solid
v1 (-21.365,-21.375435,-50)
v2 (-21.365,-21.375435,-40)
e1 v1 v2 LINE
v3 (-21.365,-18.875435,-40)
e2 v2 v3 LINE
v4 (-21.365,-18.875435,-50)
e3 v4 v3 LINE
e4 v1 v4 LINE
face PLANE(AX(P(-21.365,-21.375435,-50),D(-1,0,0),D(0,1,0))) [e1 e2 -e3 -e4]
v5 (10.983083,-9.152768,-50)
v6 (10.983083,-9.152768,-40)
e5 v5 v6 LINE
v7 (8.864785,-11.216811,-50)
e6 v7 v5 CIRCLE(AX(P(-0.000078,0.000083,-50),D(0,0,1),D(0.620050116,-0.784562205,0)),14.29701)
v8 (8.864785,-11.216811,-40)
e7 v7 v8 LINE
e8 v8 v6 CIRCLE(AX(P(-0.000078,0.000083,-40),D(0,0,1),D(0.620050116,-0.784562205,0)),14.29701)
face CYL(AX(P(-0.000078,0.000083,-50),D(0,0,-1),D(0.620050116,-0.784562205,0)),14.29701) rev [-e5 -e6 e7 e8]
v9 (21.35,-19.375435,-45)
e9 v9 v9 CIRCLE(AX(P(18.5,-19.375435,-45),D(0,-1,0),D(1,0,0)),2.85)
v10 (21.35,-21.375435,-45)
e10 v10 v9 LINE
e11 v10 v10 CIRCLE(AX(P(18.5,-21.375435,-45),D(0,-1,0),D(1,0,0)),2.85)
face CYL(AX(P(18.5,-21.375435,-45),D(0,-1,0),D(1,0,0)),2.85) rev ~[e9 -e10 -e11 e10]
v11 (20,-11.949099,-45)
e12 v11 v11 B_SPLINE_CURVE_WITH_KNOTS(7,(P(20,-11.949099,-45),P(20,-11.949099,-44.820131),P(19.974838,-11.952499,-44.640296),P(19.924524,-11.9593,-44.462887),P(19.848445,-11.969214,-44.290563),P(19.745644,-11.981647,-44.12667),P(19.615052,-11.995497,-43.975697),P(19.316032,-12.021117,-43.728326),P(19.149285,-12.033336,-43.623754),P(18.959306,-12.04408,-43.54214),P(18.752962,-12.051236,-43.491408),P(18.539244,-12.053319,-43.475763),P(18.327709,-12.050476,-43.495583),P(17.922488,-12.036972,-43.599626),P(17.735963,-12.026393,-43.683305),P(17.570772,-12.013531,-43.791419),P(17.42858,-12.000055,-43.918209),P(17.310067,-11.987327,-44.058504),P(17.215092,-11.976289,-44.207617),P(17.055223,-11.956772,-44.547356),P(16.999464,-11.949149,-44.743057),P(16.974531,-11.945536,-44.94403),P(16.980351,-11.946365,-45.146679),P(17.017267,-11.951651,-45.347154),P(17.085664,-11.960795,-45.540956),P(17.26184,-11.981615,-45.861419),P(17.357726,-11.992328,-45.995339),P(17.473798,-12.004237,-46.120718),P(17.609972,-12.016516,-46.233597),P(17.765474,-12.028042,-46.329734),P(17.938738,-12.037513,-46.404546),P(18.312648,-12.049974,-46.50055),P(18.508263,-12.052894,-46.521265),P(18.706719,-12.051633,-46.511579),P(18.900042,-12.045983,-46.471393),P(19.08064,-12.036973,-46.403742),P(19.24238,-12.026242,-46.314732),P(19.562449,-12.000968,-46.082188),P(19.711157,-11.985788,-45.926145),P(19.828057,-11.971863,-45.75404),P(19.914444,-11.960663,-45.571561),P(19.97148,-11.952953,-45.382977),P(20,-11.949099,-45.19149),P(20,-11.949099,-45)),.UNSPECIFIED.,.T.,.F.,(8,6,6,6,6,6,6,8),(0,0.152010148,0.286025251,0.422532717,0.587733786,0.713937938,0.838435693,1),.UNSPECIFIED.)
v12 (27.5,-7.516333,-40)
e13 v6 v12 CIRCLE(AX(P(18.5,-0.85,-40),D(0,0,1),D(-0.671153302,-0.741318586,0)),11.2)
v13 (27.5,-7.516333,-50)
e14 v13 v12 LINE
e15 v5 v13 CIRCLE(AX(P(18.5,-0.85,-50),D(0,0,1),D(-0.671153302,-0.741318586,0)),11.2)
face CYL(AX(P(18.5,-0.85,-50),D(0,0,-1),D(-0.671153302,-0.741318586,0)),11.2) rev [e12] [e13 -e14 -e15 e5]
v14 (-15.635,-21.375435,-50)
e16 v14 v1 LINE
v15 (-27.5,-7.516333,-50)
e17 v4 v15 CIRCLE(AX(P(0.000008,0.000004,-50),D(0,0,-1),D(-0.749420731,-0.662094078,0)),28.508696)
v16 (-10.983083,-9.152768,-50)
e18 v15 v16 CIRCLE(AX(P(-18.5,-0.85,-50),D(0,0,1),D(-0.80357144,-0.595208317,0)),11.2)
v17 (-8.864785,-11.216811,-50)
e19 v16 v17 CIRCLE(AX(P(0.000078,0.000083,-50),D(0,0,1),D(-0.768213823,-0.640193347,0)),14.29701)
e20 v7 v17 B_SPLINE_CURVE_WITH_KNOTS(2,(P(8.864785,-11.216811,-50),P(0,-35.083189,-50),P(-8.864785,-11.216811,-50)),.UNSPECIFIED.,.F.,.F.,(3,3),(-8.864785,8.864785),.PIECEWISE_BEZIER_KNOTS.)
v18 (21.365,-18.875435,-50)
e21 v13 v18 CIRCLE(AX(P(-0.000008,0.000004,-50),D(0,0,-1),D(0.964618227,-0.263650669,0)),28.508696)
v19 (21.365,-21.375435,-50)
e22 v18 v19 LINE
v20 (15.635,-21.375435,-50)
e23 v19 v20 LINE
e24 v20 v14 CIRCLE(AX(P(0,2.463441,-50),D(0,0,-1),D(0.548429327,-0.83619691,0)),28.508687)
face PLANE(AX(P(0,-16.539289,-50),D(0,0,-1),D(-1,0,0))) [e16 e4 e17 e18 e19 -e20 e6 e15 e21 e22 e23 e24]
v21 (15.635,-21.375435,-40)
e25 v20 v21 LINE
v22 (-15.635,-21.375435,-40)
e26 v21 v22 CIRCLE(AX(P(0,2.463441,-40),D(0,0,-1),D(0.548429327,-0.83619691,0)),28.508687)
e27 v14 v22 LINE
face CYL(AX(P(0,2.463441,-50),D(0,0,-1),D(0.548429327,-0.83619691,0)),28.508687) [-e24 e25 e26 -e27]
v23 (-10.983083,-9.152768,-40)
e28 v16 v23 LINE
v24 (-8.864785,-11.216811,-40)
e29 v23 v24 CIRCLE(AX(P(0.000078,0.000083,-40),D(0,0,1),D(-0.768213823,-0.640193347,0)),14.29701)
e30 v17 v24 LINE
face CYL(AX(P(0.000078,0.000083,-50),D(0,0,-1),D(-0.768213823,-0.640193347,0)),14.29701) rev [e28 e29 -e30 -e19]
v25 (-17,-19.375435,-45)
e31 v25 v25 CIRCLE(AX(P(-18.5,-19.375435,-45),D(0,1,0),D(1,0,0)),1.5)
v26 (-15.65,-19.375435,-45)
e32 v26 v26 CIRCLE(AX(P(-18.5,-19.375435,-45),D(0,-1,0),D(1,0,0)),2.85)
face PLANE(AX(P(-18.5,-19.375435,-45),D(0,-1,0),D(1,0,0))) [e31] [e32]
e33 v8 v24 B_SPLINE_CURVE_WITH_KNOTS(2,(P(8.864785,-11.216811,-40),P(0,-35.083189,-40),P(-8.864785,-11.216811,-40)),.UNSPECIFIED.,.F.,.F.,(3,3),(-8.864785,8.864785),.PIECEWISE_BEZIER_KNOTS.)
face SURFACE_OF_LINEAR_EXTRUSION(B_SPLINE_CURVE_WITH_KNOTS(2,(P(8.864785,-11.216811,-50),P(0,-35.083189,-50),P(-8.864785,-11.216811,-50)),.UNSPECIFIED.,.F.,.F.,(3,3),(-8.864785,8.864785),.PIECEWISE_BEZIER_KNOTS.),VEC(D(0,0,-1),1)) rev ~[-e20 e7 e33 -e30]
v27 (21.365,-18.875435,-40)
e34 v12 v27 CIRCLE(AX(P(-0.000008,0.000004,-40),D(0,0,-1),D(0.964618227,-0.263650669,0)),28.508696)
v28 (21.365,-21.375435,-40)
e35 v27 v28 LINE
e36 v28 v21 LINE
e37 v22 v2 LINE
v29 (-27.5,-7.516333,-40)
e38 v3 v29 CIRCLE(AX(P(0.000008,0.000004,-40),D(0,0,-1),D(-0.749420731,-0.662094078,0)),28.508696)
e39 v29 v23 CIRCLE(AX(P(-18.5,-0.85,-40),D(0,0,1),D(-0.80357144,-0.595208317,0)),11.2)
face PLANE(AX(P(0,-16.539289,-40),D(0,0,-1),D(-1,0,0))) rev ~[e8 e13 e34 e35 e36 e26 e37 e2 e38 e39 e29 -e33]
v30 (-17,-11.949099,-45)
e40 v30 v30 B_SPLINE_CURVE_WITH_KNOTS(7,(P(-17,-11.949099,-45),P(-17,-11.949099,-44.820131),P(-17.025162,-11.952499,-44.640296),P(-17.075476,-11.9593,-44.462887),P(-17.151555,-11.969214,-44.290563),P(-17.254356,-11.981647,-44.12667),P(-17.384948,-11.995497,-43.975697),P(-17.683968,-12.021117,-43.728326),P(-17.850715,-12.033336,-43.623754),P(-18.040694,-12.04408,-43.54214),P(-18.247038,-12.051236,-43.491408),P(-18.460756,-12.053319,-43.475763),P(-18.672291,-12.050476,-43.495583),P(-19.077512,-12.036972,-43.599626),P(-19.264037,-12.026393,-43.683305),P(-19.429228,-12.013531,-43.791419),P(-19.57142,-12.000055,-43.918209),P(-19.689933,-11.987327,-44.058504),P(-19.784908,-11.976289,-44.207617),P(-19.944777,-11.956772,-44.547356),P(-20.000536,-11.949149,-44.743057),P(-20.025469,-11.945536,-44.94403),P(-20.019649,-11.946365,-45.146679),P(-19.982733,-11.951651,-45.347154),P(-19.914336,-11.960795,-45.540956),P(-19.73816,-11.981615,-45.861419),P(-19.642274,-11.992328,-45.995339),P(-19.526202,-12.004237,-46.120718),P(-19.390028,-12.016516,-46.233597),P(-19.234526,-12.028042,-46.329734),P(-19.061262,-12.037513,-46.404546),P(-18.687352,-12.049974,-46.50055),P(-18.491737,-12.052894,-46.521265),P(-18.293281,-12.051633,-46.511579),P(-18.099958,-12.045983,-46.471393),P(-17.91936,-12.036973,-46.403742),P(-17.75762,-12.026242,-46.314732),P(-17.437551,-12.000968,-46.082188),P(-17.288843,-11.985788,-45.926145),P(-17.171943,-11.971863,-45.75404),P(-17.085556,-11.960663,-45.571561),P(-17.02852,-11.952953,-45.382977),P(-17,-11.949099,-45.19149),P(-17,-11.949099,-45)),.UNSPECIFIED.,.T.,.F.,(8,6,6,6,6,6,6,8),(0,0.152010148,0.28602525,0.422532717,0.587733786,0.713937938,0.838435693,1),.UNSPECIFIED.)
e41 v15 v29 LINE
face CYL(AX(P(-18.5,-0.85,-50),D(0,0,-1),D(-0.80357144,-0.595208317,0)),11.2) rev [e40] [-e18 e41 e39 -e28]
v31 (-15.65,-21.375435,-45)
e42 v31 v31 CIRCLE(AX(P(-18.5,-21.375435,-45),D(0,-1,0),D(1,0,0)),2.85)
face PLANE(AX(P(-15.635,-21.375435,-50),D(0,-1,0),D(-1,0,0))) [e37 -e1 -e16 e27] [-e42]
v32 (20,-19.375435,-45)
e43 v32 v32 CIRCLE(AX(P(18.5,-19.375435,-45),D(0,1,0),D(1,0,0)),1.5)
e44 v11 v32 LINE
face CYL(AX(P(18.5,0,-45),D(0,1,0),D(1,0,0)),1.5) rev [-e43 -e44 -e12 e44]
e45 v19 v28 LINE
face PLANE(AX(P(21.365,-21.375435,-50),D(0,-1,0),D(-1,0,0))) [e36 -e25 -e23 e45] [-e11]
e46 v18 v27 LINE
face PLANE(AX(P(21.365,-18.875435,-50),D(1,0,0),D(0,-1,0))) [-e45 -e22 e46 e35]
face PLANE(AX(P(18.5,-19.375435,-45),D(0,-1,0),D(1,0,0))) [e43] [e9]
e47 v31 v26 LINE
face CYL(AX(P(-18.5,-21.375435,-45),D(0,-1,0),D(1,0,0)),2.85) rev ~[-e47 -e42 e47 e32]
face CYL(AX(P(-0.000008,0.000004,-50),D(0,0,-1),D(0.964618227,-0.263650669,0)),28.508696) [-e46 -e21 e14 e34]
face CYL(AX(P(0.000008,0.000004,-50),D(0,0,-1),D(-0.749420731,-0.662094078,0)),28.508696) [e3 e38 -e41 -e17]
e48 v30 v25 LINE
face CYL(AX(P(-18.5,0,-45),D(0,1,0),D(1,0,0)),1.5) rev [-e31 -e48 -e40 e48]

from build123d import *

# Parameters (mm, degrees)
PAD017_DEPTH         = 10
SKETCH027_R          = 1.5
POCKET015_DEPTH      = 0.001
POCKET015_DEPTH_BACK = 26.046246
SKETCH028_R          = 2.85
POCKET016_DEPTH      = 2


with BuildPart() as part:
    # Sketch026 → Pad017 (new body)
    with BuildSketch(Plane.XY):
        with BuildLine():
            ThreePointArc((-21.365, -18.875435), (-25.083946, -13.547727), (-27.5, -7.516333))
            ThreePointArc((-27.5, -7.516333), (-19.604248, -11.995431), (-10.983083, -9.152768))
            ThreePointArc((-10.983083, -9.152768), (-9.977451, -10.239713), (-8.864785, -11.216811))
            add(Edge.make_bspline(
                [(8.864785, -11.216811), (0, -35.083189), (-8.864785, -11.216811)],
                knots=[-8.864785, -8.864785, -8.864785, 8.864785, 8.864785, 8.864785], degree=2))
            ThreePointArc((8.864785, -11.216811), (9.977451, -10.239713), (10.983083, -9.152768))
            ThreePointArc((10.983083, -9.152768), (19.604248, -11.995431), (27.5, -7.516333))
            ThreePointArc((27.5, -7.516333), (25.083946, -13.547727), (21.365, -18.875435))
            Line((21.365, -18.875435), (21.365, -21.375435))
            Line((21.365, -21.375435), (15.635, -21.375435))
            ThreePointArc((15.635, -21.375435), (0, -26.045246), (-15.635, -21.375435))
            Line((-15.635, -21.375435), (-21.365, -21.375435))
            Line((-21.365, -21.375435), (-21.365, -18.875435))
        make_face()
    extrude(amount=PAD017_DEPTH)

    # Sketch027 → Pocket015 (cut, two sides)
    with BuildSketch(Plane.XZ) as pocket015_sk:
        with Locations((-18.5, 5)):
            Circle(SKETCH027_R)
        with Locations((18.5, 5)):
            Circle(SKETCH027_R)
    extrude(amount=-POCKET015_DEPTH, mode=Mode.SUBTRACT)
    extrude(pocket015_sk.sketch, amount=POCKET015_DEPTH_BACK, mode=Mode.SUBTRACT)

    # Sketch028 (on DatumPlane) → Pocket016 (cut)
    with BuildSketch(Plane.XZ.offset(21.375435)):
        with Locations((-18.5, 5)):
            Circle(SKETCH028_R)
        with Locations((18.5, 5)):
            Circle(SKETCH028_R)
    extrude(amount=-POCKET016_DEPTH, mode=Mode.SUBTRACT)


with BuildPart() as part_1:
    # Body008 placement: moved
    add(part.part.moved(Location((0, 0, -50))))


solid = part_1.part
